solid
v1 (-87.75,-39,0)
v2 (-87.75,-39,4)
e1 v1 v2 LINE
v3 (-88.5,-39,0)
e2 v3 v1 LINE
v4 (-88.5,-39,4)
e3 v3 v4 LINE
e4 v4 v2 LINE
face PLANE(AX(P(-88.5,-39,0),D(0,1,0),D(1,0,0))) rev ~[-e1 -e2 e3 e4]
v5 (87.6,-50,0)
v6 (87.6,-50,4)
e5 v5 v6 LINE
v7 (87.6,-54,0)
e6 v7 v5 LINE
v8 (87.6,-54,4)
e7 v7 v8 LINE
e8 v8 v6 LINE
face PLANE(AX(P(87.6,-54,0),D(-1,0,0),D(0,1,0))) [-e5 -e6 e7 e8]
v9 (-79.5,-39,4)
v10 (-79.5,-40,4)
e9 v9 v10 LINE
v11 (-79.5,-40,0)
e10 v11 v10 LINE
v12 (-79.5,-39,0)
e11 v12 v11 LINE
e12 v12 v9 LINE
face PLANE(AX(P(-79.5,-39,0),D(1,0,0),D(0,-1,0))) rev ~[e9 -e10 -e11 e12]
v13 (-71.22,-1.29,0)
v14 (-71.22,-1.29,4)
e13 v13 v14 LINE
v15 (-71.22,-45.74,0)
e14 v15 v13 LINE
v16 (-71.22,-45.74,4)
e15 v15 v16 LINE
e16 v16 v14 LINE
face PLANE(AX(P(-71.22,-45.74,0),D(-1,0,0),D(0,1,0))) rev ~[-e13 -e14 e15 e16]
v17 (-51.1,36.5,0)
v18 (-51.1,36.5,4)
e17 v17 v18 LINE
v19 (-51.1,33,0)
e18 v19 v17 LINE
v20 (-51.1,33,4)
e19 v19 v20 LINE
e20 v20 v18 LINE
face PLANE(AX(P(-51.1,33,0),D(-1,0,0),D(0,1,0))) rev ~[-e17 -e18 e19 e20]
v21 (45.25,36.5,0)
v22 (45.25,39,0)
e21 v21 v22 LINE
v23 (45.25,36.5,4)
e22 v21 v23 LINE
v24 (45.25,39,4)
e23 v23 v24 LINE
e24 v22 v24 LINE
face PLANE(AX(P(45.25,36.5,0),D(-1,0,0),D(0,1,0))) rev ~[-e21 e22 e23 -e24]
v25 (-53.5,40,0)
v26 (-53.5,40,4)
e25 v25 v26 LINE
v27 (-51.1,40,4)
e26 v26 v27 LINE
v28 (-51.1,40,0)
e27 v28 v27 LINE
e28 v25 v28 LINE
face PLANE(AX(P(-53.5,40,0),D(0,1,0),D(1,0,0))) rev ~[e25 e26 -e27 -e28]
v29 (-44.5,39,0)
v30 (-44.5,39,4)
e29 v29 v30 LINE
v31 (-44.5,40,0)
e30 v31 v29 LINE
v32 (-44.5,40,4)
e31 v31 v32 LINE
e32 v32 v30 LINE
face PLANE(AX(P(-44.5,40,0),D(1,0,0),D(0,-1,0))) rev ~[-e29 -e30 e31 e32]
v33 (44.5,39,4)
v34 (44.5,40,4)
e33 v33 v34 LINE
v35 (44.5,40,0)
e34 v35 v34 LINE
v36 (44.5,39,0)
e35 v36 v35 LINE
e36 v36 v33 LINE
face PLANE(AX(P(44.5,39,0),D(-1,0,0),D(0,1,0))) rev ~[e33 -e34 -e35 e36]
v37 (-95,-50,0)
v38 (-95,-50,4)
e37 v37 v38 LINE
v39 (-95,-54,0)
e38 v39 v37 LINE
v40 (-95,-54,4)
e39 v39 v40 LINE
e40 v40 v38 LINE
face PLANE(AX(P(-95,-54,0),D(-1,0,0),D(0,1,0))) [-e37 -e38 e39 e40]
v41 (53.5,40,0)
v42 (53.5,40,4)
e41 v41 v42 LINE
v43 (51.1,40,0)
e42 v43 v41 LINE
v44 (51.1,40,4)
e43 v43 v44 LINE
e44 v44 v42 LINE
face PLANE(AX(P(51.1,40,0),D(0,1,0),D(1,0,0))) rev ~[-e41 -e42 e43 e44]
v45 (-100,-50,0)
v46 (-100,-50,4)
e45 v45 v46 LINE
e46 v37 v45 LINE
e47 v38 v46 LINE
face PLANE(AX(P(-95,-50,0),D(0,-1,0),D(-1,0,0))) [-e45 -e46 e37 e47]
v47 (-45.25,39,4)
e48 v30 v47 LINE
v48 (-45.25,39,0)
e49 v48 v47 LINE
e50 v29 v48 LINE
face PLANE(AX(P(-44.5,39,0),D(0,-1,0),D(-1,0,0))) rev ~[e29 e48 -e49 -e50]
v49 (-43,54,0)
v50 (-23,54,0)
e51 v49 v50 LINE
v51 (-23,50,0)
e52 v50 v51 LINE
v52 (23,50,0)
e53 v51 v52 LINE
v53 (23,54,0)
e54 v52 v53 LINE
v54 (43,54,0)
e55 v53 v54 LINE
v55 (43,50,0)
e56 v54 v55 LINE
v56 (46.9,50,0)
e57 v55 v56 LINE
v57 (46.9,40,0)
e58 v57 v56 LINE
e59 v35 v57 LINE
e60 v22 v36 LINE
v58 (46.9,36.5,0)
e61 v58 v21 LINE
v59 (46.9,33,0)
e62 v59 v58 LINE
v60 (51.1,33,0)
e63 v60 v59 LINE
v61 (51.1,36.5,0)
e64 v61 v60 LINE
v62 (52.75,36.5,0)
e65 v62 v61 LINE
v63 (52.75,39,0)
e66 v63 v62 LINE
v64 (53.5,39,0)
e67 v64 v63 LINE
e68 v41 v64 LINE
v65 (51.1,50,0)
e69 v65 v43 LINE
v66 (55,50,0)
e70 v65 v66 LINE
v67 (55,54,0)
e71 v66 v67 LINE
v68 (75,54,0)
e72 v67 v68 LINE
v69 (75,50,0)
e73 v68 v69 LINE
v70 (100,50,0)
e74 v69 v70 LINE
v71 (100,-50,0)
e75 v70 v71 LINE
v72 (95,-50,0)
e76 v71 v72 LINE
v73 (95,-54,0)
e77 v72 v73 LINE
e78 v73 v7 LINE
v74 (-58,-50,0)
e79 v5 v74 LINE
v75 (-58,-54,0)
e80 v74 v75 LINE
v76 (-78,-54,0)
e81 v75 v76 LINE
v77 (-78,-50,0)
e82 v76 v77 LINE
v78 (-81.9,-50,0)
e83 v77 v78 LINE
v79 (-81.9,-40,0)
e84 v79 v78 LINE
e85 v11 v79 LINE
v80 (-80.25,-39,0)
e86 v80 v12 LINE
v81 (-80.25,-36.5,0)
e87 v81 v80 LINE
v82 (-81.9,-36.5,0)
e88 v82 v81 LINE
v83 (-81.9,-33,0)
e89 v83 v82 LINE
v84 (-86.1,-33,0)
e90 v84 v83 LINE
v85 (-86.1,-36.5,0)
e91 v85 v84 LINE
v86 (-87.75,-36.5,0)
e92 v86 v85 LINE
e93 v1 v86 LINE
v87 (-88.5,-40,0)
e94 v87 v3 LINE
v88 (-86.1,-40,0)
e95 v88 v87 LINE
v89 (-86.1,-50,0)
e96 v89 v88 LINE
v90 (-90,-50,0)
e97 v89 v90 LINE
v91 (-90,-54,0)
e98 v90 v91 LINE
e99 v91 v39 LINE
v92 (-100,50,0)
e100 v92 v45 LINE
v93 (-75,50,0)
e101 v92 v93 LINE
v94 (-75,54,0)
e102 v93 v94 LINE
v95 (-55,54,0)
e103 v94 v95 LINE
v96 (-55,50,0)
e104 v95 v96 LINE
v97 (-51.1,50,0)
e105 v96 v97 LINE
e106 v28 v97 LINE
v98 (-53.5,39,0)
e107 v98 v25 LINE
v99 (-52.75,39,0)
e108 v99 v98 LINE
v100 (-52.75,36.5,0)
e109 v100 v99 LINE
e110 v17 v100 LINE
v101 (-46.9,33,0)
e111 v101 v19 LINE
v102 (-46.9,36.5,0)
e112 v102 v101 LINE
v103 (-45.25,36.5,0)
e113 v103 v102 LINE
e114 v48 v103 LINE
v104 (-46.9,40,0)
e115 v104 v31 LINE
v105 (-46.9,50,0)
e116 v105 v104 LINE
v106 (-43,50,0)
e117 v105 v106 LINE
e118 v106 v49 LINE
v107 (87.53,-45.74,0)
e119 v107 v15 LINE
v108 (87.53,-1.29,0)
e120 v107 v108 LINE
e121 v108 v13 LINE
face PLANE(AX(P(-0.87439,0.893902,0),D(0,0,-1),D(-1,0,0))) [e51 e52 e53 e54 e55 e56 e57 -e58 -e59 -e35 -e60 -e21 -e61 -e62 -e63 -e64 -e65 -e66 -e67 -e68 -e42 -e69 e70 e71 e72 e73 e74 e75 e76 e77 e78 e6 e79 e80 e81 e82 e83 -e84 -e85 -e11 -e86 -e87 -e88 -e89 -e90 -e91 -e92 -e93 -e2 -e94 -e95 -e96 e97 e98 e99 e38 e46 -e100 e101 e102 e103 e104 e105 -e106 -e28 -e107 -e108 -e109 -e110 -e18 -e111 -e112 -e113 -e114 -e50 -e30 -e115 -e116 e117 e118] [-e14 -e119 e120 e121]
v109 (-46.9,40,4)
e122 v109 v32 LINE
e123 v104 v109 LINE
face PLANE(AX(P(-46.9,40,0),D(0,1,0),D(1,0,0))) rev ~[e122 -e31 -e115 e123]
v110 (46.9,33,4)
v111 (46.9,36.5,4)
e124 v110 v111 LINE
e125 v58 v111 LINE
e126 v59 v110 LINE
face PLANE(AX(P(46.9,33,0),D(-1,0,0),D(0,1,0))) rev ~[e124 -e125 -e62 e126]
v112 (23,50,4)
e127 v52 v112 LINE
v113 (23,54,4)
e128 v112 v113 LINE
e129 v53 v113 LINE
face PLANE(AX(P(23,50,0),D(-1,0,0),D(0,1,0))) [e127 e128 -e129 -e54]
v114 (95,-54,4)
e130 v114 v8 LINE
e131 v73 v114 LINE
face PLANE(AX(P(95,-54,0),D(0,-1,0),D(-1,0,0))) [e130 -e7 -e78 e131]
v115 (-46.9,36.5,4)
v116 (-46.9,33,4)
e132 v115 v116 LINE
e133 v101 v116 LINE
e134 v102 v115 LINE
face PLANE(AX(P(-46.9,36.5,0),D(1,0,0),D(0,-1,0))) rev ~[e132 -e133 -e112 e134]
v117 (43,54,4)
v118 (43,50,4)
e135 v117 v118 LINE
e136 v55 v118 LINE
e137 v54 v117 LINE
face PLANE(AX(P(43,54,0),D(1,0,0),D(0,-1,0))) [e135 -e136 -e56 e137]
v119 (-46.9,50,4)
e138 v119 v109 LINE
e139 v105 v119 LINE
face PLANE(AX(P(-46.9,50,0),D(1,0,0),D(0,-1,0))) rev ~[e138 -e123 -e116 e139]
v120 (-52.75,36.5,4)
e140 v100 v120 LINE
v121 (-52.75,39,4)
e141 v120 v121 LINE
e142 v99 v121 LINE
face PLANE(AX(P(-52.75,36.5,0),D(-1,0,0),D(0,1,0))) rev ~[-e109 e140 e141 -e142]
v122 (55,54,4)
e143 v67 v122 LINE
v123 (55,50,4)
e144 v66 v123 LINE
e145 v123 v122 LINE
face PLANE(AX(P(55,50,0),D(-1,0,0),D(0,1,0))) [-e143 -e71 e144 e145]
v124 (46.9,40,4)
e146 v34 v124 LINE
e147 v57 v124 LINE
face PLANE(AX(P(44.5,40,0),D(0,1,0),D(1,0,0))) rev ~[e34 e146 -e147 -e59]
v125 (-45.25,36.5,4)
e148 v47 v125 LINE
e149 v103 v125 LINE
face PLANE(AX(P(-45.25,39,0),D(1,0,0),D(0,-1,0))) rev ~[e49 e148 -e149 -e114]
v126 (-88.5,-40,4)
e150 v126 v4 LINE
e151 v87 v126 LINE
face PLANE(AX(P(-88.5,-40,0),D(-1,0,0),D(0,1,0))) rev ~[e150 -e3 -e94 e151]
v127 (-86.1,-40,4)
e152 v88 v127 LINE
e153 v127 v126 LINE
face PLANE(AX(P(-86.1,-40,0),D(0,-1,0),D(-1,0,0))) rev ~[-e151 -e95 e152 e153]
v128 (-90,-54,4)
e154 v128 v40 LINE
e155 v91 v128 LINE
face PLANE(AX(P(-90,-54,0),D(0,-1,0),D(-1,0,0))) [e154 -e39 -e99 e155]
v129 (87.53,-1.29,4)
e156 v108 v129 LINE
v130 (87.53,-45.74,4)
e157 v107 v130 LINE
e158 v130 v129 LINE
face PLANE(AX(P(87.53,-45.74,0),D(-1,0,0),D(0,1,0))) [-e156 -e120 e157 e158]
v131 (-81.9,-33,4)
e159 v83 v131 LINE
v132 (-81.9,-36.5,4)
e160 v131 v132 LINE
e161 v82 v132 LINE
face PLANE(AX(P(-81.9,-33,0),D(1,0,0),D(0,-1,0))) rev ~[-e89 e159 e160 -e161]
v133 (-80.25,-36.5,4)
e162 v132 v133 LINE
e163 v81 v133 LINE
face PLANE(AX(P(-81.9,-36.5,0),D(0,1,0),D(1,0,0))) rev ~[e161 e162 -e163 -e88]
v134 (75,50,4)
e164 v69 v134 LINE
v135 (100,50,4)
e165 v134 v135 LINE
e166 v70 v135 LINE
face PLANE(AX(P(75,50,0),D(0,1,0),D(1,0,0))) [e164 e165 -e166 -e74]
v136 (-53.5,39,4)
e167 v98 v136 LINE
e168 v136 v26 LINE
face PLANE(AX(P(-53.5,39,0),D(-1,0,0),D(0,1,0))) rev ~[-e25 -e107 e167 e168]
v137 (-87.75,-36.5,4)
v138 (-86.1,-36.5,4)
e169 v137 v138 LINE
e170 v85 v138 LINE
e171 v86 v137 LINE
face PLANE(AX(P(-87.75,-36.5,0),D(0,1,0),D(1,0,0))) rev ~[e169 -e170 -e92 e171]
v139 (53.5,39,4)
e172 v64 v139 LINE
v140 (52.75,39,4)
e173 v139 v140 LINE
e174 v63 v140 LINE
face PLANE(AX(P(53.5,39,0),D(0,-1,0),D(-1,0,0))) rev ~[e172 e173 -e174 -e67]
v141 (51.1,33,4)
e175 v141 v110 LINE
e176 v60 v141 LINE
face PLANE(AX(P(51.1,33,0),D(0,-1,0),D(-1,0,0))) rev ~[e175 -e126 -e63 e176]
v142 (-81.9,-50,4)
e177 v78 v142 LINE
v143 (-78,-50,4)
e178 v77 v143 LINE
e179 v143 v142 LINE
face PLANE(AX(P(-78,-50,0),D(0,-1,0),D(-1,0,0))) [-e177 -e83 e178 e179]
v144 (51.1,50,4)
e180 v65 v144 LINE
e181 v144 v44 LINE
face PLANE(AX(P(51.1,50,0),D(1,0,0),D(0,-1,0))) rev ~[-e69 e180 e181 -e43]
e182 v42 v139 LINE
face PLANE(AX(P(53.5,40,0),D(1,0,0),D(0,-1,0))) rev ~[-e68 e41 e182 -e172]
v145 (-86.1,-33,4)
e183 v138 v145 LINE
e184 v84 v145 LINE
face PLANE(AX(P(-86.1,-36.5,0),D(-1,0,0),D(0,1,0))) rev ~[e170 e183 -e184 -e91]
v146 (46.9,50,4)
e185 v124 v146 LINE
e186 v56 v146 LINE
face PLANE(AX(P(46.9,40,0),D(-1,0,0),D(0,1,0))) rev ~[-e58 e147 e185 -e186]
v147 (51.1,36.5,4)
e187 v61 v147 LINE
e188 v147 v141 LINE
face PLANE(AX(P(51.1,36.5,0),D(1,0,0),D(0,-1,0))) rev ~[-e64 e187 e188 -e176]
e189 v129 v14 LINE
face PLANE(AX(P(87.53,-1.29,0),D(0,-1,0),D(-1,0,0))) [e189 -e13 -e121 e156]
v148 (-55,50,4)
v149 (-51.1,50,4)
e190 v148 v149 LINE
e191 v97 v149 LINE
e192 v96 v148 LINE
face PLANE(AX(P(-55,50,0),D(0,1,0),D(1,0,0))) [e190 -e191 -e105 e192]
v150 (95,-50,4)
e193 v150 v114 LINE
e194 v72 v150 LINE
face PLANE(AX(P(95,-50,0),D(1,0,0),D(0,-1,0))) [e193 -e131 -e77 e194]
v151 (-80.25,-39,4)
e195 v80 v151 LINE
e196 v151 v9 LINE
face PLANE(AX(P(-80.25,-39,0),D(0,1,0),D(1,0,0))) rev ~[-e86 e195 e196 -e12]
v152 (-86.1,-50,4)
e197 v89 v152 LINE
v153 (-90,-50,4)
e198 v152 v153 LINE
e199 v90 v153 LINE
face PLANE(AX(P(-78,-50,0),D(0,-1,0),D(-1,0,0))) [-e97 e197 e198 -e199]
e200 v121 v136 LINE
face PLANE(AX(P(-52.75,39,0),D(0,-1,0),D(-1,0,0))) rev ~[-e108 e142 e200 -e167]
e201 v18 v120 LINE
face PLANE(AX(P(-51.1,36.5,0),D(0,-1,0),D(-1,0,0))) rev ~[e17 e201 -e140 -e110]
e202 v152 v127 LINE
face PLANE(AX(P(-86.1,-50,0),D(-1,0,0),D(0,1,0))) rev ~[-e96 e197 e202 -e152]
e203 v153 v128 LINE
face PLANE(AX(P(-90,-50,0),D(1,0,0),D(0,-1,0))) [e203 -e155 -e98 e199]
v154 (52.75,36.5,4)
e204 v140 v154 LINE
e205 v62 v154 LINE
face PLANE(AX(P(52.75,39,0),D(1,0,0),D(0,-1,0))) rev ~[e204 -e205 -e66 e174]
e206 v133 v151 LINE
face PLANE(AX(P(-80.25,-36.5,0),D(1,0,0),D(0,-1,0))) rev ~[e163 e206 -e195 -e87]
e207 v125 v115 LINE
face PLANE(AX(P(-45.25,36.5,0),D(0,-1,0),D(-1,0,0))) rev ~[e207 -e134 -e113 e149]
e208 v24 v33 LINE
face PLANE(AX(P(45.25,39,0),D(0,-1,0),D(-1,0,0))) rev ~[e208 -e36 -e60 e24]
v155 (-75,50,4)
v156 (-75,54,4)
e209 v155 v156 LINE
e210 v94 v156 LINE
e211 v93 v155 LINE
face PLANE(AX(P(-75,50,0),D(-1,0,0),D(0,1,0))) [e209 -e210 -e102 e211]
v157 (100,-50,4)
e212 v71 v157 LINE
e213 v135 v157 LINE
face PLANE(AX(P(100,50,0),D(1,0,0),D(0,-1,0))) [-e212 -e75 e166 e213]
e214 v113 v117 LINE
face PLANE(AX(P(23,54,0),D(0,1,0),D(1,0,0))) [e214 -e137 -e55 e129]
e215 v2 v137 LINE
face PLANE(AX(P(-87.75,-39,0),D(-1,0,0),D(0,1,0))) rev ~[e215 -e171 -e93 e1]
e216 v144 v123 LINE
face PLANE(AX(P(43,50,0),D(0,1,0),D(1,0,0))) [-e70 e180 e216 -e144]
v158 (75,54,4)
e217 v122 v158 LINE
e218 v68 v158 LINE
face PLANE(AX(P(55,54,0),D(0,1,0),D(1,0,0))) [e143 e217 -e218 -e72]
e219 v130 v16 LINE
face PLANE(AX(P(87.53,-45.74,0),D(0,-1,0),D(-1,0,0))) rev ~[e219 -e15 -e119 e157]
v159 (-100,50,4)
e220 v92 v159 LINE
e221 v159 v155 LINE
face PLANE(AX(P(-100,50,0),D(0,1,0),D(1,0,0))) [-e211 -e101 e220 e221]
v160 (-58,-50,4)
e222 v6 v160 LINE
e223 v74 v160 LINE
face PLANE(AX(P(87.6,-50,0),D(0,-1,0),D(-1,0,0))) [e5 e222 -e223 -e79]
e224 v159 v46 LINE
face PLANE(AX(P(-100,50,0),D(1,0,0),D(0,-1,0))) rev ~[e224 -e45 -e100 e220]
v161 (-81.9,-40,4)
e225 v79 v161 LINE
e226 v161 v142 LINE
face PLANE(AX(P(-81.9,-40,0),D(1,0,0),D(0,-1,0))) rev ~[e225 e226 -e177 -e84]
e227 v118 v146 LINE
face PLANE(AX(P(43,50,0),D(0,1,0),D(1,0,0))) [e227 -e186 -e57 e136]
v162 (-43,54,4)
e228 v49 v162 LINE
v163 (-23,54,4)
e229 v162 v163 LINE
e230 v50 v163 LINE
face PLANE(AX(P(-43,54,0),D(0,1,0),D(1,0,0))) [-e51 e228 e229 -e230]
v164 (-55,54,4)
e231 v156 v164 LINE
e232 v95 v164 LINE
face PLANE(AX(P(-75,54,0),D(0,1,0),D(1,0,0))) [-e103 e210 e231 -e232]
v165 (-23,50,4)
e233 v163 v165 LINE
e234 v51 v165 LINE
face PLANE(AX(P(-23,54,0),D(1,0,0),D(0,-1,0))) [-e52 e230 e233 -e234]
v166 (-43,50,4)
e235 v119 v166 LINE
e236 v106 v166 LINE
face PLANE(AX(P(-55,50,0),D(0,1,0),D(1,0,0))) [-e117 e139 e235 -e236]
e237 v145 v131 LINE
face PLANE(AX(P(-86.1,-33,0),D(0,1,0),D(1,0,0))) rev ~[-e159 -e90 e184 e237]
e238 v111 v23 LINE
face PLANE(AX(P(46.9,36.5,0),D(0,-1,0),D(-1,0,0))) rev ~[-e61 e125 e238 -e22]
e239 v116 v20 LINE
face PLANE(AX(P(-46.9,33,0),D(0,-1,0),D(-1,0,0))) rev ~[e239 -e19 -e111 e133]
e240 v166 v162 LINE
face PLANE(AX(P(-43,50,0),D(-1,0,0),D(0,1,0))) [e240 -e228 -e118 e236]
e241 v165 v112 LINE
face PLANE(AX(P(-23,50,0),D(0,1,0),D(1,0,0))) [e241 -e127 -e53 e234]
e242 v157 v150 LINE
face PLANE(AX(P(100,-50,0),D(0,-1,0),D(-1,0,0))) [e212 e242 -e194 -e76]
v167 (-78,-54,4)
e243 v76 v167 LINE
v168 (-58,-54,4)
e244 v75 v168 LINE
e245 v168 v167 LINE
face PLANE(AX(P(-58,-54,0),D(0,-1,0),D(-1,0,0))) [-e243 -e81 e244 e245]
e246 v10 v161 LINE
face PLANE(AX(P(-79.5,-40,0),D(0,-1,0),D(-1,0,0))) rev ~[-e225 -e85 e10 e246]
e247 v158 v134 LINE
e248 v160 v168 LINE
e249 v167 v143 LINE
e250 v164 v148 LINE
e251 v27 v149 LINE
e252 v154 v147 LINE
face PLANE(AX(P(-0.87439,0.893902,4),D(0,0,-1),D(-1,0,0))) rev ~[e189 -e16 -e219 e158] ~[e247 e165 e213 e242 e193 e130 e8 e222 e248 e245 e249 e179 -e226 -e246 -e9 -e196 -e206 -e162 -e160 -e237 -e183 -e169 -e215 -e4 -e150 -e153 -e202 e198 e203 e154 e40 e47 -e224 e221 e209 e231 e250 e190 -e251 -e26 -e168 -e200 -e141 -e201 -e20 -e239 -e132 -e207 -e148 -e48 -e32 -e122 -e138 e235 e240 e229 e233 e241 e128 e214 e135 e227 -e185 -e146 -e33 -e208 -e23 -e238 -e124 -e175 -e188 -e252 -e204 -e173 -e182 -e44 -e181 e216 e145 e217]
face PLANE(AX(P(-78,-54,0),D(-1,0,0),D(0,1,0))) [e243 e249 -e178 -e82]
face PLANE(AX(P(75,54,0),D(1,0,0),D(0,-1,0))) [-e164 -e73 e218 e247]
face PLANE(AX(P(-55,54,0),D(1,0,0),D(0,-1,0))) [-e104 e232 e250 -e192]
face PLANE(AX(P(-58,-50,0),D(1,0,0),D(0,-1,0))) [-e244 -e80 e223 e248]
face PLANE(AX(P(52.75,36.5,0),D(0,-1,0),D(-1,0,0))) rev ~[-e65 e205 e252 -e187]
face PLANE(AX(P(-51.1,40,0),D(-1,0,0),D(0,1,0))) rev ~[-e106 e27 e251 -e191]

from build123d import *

# Parameters (mm, degrees)
BOSS_EXTRUDE1_DEPTH = 4
SKETCH2_W           = 158.75
SKETCH2_H           = 44.45
CUT_EXTRUDE1_DEPTH  = 6
CUT_EXTRUDE2_DEPTH  = 10
SKETCH4_W           = 5
SKETCH4_H           = 4
CUT_EXTRUDE3_DEPTH  = 10


with BuildPart() as part:
    # Sketch1 → Boss-Extrude1 (new body)
    with BuildSketch(Plane.XY):
        Polygon((-55, 50), (-43, 50), (-43, 54), (-23, 54), (-23, 50), (23, 50), (23, 54), (43, 54), (43, 50), (55, 50), (55, 54), (75, 54), (75, 50), (100, 50), (100, -50), (95, -50), (95, -54), (87.6, -54), (87.6, -50), (-58, -50), (-58, -54), (-78, -54), (-78, -50), (-90, -50), (-90, -54), (-100, -54), (-100, -50), (-100, 50), (-75, 50), (-75, 54), (-55, 54), align=None)
    extrude(amount=BOSS_EXTRUDE1_DEPTH)

    # Sketch2 → Cut-Extrude1 (cut)
    with BuildSketch(Plane(origin=(0, 0, 0), x_dir=(-1, 0, 0), z_dir=(0, 0, -1))):
        with Locations((-8.155, -23.515)):
            Rectangle(SKETCH2_W, SKETCH2_H)
    extrude(amount=-CUT_EXTRUDE1_DEPTH, mode=Mode.SUBTRACT)

    # Sketch3 → Cut-Extrude2 (cut)
    with BuildSketch(Plane(origin=(0, 0, 0), x_dir=(-1, 0, 0), z_dir=(0, 0, -1))):
        Polygon((-46.9, 50), (-51.1, 50), (-51.1, 40), (-53.5, 40), (-53.5, 39), (-52.75, 39), (-52.75, 36.5), (-51.1, 36.5), (-51.1, 33), (-46.9, 33), (-46.9, 36.5), (-45.25, 36.5), (-45.25, 39), (-44.5, 39), (-44.5, 40), (-46.9, 40), align=None)
        Polygon((51.1, 40), (51.1, 50), (46.9, 50), (46.9, 40), (44.5, 40), (44.5, 39), (45.25, 39), (45.25, 36.5), (46.9, 36.5), (46.9, 33), (51.1, 33), (51.1, 36.5), (52.75, 36.5), (52.75, 39), (53.5, 39), (53.5, 40), align=None)
        Polygon((81.9, -40), (81.9, -50), (86.1, -50), (86.1, -40), (88.5, -40), (88.5, -39), (87.75, -39), (87.75, -36.5), (86.1, -36.5), (86.1, -33), (81.9, -33), (81.9, -36.5), (80.25, -36.5), (80.25, -39), (79.5, -39), (79.5, -40), align=None)
    extrude(amount=-CUT_EXTRUDE2_DEPTH, mode=Mode.SUBTRACT)

    # Sketch4 → Cut-Extrude3 (cut)
    with BuildSketch(Plane(origin=(0, 0, 0), x_dir=(-1, 0, 0), z_dir=(0, 0, -1))):
        with Locations((97.5, -52)):
            Rectangle(SKETCH4_W, SKETCH4_H)
    extrude(amount=-CUT_EXTRUDE3_DEPTH, mode=Mode.SUBTRACT)


solid = part.part
